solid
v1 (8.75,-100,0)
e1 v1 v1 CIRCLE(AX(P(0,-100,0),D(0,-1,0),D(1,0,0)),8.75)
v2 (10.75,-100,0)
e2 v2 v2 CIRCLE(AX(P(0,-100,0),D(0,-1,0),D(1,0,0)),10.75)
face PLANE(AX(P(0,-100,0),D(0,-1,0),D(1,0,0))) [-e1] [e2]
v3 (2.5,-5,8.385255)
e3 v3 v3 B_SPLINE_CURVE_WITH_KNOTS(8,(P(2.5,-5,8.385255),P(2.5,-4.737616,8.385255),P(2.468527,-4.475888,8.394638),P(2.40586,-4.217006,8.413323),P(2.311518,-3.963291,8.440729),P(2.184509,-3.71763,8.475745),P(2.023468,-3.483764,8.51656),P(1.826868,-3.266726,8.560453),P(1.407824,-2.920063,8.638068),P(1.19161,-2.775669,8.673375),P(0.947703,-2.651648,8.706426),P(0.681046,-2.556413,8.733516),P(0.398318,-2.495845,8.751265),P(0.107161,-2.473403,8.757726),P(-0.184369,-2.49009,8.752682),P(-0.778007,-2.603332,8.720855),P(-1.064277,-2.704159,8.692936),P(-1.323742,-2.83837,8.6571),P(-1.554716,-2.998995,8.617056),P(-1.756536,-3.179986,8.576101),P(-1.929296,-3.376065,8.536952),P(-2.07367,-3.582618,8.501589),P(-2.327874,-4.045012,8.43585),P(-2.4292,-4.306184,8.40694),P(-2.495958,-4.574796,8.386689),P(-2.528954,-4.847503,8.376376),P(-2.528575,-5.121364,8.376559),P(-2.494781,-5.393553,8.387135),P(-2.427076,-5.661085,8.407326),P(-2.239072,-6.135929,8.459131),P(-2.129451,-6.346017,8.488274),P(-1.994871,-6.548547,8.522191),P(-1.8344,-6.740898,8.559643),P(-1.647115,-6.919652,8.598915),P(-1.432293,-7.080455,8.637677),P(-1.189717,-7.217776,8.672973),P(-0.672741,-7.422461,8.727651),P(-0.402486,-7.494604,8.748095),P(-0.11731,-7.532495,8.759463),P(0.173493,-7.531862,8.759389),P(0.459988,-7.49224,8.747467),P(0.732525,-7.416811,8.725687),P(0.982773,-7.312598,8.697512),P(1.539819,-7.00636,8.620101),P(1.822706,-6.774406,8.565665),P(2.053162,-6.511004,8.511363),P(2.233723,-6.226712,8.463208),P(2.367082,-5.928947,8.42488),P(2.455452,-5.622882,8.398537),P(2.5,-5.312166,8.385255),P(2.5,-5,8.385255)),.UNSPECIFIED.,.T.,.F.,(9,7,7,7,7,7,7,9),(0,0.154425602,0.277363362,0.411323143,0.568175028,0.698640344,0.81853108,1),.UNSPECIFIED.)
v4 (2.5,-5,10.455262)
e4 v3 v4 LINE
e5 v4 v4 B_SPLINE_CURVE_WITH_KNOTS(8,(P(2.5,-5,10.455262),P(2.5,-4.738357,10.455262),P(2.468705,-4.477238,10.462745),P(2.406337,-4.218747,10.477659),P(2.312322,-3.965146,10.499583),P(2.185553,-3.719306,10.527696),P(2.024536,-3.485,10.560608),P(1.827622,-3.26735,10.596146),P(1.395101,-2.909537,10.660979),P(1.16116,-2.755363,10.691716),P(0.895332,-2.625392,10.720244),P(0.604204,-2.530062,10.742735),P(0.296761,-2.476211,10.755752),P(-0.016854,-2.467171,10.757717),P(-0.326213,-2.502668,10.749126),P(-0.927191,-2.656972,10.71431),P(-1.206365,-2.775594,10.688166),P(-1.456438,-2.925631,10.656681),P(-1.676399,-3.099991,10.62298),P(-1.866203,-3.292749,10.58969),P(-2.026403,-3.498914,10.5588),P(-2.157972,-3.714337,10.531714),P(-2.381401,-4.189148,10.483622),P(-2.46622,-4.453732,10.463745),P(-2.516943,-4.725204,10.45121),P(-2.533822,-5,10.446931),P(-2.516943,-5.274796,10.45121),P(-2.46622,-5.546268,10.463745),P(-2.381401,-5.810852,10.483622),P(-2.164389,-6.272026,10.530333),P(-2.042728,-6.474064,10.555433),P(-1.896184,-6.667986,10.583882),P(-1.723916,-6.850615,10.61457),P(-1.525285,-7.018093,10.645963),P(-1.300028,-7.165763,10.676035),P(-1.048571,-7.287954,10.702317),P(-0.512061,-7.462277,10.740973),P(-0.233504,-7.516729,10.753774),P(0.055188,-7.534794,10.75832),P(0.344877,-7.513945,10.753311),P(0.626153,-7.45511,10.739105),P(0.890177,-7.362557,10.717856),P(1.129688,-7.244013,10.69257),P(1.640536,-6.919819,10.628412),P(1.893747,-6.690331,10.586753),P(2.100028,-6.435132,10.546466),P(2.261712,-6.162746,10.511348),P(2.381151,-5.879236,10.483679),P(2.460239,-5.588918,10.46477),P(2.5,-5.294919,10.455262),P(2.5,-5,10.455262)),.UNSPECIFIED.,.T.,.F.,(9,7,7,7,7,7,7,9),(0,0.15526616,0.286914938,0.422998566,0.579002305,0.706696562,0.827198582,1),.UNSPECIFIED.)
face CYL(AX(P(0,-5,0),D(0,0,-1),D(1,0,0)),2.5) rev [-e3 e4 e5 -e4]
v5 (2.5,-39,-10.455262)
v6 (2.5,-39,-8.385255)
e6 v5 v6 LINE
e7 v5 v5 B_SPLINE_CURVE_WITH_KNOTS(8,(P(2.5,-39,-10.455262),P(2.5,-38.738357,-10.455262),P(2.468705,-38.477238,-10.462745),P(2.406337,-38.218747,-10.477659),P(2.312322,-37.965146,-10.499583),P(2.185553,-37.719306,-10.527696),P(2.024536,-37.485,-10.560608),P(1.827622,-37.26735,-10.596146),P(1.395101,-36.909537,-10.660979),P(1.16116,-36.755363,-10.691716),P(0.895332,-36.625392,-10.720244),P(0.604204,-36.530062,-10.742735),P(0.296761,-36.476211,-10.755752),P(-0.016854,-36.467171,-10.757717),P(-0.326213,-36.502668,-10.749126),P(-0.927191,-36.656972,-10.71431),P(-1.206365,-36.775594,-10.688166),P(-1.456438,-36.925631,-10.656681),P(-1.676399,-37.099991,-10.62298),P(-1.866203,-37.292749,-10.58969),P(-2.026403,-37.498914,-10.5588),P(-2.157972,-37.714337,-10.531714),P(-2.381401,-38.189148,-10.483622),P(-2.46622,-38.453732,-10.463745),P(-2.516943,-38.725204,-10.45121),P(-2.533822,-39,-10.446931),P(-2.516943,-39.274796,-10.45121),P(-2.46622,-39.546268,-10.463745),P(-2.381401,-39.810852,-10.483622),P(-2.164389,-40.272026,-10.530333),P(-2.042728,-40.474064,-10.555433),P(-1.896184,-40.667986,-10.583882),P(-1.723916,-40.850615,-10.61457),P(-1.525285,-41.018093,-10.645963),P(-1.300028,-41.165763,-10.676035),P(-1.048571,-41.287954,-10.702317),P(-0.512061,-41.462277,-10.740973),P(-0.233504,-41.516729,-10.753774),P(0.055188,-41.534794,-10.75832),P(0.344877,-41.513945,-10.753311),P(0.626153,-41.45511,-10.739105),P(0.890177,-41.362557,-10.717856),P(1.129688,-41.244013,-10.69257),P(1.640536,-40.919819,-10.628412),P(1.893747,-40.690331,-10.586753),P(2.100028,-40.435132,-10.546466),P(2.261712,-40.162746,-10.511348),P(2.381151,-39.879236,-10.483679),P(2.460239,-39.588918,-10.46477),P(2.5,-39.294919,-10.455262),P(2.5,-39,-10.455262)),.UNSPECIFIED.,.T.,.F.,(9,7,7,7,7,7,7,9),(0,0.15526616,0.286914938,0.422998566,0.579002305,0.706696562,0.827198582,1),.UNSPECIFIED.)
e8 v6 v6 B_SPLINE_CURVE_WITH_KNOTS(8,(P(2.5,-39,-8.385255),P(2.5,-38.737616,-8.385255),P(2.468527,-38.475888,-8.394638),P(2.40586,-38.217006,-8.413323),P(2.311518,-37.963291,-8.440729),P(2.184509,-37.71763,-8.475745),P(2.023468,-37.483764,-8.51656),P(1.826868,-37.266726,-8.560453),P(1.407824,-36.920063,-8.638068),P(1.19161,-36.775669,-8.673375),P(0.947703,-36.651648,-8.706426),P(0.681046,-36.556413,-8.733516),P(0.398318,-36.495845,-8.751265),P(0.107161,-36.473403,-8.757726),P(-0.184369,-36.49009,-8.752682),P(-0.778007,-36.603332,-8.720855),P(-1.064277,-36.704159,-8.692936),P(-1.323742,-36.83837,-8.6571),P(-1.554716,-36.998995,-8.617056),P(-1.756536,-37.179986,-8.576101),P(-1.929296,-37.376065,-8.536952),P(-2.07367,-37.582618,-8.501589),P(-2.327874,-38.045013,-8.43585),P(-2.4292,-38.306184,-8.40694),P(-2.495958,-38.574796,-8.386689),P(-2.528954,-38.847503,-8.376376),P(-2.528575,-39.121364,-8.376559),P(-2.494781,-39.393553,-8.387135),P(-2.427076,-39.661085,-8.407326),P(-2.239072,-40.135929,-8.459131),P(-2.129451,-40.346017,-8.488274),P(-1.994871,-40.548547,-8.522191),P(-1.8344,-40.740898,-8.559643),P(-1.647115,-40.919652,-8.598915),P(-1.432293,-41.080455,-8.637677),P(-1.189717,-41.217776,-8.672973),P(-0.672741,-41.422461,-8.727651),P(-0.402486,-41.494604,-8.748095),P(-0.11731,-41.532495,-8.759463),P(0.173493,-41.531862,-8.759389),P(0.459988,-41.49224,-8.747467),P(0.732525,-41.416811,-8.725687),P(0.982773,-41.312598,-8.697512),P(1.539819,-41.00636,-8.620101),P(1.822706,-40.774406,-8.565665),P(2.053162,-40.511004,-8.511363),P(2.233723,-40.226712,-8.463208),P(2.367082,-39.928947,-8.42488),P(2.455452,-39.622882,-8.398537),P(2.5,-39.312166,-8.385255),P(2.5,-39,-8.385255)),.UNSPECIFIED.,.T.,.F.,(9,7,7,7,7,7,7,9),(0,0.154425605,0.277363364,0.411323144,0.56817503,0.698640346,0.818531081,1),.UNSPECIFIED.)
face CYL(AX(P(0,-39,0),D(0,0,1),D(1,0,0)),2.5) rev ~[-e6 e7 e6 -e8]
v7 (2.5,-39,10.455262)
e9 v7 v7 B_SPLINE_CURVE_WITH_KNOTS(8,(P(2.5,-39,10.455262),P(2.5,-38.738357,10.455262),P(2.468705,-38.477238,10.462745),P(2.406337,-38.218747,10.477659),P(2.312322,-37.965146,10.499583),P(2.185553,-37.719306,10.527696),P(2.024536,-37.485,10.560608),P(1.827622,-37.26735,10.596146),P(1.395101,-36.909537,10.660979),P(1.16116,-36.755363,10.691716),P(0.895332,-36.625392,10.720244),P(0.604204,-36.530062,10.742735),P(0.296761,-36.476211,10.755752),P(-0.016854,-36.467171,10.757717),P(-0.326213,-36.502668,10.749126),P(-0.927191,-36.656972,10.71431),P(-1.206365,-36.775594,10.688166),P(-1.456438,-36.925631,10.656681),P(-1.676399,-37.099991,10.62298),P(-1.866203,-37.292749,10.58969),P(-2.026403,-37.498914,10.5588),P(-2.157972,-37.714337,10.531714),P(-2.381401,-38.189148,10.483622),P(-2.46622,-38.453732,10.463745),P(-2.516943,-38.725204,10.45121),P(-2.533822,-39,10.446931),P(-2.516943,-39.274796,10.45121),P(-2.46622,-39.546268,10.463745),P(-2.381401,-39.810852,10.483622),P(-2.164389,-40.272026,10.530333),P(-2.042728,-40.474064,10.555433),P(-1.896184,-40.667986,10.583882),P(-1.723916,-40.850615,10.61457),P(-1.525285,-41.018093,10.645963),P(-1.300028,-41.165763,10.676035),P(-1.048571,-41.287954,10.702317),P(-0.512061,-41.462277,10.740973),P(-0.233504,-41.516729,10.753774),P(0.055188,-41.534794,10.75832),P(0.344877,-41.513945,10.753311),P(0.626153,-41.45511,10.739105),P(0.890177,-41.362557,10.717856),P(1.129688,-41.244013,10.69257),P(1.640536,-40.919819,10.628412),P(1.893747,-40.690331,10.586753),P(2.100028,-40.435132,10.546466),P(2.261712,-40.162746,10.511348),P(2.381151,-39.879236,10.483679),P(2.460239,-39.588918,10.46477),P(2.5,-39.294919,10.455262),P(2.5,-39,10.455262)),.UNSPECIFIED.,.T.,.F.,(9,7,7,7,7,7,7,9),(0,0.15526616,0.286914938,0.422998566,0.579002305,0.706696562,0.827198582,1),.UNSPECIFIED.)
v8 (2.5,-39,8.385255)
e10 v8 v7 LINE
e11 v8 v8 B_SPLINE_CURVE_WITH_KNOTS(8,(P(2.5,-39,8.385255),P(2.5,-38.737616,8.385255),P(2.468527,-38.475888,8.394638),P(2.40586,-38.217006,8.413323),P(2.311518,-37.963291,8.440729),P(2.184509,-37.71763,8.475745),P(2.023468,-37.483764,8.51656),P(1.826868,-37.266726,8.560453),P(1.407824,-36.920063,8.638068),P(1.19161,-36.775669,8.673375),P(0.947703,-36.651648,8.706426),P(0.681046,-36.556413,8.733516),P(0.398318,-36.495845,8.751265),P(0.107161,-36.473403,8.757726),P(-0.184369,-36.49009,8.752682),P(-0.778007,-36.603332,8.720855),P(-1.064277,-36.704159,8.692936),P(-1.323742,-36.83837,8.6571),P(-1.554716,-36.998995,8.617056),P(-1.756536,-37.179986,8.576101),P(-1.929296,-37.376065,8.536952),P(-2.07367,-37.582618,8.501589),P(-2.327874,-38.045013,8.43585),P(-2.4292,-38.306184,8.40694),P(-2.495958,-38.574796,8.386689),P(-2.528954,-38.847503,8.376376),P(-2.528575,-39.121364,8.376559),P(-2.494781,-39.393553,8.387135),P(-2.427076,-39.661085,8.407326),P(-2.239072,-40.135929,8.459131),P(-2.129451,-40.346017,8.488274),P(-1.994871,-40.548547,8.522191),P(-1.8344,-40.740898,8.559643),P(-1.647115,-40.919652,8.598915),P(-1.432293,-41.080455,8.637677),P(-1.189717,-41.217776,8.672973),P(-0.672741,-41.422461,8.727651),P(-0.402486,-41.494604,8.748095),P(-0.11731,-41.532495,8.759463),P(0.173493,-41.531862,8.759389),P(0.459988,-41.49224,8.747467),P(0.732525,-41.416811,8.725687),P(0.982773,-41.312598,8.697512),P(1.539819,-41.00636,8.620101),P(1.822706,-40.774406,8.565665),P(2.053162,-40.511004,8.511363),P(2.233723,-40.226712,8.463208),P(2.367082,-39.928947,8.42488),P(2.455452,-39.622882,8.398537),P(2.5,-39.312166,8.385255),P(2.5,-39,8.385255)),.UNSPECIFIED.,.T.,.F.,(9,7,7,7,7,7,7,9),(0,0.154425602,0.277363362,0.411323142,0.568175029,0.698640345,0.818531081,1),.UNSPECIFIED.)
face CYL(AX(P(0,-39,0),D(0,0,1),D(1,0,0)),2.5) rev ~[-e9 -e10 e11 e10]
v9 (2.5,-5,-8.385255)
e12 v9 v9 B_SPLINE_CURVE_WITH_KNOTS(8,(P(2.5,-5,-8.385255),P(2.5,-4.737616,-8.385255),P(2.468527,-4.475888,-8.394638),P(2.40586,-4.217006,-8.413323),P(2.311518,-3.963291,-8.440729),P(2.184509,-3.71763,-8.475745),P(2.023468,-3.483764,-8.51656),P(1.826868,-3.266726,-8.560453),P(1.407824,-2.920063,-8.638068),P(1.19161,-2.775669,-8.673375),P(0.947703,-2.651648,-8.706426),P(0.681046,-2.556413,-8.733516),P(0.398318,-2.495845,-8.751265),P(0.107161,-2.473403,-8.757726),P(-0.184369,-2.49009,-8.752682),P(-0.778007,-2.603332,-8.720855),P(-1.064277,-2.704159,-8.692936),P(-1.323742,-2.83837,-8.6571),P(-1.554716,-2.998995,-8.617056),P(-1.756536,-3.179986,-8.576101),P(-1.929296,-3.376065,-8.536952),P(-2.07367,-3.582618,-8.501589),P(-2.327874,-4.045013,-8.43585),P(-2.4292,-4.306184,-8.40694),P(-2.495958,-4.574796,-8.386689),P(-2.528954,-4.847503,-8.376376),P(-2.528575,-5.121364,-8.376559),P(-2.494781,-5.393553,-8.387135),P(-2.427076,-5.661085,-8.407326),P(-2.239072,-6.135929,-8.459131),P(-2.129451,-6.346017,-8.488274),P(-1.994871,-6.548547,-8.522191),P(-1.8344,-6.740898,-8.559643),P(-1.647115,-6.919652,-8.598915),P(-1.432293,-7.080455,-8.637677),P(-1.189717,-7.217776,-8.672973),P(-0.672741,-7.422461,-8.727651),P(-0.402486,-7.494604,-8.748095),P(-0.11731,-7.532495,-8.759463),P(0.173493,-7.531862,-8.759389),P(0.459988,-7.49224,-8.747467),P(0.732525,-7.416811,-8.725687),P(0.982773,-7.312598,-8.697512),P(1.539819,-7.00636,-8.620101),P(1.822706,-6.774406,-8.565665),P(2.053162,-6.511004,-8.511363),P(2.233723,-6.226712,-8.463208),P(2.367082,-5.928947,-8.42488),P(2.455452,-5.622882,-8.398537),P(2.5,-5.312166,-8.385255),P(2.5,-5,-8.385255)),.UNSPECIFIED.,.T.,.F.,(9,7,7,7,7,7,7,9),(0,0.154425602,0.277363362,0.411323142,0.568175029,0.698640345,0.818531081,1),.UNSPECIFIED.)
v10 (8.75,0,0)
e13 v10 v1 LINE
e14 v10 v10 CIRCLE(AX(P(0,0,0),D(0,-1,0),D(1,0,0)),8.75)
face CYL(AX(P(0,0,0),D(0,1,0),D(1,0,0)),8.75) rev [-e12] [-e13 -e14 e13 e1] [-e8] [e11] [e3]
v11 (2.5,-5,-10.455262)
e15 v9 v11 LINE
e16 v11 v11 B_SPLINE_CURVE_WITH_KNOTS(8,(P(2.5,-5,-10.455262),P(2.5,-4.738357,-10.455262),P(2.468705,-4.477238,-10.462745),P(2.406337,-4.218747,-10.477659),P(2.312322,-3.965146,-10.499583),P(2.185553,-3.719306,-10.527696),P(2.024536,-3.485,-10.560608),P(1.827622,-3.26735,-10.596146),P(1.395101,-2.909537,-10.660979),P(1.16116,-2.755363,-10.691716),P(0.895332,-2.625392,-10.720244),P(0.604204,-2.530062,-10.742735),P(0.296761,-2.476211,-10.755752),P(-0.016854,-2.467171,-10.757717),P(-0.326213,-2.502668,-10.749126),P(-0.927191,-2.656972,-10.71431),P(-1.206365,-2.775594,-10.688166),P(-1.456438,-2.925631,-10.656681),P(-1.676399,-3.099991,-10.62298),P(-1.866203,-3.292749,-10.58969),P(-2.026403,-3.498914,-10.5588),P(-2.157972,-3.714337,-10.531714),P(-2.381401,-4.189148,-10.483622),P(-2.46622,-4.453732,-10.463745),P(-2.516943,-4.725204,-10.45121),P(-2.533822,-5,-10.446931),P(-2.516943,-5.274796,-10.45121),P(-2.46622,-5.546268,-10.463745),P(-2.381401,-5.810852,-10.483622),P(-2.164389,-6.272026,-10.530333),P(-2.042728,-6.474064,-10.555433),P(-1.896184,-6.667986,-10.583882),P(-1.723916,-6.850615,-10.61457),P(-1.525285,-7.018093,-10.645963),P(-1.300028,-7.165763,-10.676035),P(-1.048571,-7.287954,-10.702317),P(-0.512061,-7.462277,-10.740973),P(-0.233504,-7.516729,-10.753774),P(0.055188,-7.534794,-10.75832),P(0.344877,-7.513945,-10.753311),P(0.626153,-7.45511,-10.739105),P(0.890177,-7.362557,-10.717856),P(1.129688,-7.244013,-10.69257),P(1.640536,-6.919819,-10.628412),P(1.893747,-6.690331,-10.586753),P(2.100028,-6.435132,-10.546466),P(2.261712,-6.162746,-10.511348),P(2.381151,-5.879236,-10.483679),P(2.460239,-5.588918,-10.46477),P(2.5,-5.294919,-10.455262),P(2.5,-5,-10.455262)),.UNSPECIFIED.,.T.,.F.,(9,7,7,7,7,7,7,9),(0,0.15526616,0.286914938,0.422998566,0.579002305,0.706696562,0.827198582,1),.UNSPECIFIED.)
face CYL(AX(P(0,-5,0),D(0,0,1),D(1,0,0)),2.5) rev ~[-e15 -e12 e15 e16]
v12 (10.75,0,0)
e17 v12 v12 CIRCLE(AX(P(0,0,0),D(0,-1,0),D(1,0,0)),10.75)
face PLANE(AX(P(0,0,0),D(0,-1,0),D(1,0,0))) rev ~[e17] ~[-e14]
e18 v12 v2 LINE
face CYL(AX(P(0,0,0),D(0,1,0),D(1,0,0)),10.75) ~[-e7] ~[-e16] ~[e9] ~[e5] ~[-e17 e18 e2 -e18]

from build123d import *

# Parameters (mm, degrees)
F0_R     = 10.75
F0_R_2   = 8.75
F1_DEPTH = 100
F2_R     = 2.5
F3_DEPTH = 25


with BuildPart() as f1:
    # F0 (on Front) → F1 (new body)
    with BuildSketch(Plane.XZ):
        Circle(F0_R)
        Circle(F0_R_2, mode=Mode.SUBTRACT)
    extrude(amount=F1_DEPTH)

    # F2 (on Top) → F3 (cut, symmetric)
    with BuildSketch(Plane.XY):
        with Locations((0, -5)):
            Circle(F2_R)
        with Locations((0, -39)):
            Circle(F2_R)
    extrude(amount=F3_DEPTH, both=True, mode=Mode.SUBTRACT)


solid = f1.part
